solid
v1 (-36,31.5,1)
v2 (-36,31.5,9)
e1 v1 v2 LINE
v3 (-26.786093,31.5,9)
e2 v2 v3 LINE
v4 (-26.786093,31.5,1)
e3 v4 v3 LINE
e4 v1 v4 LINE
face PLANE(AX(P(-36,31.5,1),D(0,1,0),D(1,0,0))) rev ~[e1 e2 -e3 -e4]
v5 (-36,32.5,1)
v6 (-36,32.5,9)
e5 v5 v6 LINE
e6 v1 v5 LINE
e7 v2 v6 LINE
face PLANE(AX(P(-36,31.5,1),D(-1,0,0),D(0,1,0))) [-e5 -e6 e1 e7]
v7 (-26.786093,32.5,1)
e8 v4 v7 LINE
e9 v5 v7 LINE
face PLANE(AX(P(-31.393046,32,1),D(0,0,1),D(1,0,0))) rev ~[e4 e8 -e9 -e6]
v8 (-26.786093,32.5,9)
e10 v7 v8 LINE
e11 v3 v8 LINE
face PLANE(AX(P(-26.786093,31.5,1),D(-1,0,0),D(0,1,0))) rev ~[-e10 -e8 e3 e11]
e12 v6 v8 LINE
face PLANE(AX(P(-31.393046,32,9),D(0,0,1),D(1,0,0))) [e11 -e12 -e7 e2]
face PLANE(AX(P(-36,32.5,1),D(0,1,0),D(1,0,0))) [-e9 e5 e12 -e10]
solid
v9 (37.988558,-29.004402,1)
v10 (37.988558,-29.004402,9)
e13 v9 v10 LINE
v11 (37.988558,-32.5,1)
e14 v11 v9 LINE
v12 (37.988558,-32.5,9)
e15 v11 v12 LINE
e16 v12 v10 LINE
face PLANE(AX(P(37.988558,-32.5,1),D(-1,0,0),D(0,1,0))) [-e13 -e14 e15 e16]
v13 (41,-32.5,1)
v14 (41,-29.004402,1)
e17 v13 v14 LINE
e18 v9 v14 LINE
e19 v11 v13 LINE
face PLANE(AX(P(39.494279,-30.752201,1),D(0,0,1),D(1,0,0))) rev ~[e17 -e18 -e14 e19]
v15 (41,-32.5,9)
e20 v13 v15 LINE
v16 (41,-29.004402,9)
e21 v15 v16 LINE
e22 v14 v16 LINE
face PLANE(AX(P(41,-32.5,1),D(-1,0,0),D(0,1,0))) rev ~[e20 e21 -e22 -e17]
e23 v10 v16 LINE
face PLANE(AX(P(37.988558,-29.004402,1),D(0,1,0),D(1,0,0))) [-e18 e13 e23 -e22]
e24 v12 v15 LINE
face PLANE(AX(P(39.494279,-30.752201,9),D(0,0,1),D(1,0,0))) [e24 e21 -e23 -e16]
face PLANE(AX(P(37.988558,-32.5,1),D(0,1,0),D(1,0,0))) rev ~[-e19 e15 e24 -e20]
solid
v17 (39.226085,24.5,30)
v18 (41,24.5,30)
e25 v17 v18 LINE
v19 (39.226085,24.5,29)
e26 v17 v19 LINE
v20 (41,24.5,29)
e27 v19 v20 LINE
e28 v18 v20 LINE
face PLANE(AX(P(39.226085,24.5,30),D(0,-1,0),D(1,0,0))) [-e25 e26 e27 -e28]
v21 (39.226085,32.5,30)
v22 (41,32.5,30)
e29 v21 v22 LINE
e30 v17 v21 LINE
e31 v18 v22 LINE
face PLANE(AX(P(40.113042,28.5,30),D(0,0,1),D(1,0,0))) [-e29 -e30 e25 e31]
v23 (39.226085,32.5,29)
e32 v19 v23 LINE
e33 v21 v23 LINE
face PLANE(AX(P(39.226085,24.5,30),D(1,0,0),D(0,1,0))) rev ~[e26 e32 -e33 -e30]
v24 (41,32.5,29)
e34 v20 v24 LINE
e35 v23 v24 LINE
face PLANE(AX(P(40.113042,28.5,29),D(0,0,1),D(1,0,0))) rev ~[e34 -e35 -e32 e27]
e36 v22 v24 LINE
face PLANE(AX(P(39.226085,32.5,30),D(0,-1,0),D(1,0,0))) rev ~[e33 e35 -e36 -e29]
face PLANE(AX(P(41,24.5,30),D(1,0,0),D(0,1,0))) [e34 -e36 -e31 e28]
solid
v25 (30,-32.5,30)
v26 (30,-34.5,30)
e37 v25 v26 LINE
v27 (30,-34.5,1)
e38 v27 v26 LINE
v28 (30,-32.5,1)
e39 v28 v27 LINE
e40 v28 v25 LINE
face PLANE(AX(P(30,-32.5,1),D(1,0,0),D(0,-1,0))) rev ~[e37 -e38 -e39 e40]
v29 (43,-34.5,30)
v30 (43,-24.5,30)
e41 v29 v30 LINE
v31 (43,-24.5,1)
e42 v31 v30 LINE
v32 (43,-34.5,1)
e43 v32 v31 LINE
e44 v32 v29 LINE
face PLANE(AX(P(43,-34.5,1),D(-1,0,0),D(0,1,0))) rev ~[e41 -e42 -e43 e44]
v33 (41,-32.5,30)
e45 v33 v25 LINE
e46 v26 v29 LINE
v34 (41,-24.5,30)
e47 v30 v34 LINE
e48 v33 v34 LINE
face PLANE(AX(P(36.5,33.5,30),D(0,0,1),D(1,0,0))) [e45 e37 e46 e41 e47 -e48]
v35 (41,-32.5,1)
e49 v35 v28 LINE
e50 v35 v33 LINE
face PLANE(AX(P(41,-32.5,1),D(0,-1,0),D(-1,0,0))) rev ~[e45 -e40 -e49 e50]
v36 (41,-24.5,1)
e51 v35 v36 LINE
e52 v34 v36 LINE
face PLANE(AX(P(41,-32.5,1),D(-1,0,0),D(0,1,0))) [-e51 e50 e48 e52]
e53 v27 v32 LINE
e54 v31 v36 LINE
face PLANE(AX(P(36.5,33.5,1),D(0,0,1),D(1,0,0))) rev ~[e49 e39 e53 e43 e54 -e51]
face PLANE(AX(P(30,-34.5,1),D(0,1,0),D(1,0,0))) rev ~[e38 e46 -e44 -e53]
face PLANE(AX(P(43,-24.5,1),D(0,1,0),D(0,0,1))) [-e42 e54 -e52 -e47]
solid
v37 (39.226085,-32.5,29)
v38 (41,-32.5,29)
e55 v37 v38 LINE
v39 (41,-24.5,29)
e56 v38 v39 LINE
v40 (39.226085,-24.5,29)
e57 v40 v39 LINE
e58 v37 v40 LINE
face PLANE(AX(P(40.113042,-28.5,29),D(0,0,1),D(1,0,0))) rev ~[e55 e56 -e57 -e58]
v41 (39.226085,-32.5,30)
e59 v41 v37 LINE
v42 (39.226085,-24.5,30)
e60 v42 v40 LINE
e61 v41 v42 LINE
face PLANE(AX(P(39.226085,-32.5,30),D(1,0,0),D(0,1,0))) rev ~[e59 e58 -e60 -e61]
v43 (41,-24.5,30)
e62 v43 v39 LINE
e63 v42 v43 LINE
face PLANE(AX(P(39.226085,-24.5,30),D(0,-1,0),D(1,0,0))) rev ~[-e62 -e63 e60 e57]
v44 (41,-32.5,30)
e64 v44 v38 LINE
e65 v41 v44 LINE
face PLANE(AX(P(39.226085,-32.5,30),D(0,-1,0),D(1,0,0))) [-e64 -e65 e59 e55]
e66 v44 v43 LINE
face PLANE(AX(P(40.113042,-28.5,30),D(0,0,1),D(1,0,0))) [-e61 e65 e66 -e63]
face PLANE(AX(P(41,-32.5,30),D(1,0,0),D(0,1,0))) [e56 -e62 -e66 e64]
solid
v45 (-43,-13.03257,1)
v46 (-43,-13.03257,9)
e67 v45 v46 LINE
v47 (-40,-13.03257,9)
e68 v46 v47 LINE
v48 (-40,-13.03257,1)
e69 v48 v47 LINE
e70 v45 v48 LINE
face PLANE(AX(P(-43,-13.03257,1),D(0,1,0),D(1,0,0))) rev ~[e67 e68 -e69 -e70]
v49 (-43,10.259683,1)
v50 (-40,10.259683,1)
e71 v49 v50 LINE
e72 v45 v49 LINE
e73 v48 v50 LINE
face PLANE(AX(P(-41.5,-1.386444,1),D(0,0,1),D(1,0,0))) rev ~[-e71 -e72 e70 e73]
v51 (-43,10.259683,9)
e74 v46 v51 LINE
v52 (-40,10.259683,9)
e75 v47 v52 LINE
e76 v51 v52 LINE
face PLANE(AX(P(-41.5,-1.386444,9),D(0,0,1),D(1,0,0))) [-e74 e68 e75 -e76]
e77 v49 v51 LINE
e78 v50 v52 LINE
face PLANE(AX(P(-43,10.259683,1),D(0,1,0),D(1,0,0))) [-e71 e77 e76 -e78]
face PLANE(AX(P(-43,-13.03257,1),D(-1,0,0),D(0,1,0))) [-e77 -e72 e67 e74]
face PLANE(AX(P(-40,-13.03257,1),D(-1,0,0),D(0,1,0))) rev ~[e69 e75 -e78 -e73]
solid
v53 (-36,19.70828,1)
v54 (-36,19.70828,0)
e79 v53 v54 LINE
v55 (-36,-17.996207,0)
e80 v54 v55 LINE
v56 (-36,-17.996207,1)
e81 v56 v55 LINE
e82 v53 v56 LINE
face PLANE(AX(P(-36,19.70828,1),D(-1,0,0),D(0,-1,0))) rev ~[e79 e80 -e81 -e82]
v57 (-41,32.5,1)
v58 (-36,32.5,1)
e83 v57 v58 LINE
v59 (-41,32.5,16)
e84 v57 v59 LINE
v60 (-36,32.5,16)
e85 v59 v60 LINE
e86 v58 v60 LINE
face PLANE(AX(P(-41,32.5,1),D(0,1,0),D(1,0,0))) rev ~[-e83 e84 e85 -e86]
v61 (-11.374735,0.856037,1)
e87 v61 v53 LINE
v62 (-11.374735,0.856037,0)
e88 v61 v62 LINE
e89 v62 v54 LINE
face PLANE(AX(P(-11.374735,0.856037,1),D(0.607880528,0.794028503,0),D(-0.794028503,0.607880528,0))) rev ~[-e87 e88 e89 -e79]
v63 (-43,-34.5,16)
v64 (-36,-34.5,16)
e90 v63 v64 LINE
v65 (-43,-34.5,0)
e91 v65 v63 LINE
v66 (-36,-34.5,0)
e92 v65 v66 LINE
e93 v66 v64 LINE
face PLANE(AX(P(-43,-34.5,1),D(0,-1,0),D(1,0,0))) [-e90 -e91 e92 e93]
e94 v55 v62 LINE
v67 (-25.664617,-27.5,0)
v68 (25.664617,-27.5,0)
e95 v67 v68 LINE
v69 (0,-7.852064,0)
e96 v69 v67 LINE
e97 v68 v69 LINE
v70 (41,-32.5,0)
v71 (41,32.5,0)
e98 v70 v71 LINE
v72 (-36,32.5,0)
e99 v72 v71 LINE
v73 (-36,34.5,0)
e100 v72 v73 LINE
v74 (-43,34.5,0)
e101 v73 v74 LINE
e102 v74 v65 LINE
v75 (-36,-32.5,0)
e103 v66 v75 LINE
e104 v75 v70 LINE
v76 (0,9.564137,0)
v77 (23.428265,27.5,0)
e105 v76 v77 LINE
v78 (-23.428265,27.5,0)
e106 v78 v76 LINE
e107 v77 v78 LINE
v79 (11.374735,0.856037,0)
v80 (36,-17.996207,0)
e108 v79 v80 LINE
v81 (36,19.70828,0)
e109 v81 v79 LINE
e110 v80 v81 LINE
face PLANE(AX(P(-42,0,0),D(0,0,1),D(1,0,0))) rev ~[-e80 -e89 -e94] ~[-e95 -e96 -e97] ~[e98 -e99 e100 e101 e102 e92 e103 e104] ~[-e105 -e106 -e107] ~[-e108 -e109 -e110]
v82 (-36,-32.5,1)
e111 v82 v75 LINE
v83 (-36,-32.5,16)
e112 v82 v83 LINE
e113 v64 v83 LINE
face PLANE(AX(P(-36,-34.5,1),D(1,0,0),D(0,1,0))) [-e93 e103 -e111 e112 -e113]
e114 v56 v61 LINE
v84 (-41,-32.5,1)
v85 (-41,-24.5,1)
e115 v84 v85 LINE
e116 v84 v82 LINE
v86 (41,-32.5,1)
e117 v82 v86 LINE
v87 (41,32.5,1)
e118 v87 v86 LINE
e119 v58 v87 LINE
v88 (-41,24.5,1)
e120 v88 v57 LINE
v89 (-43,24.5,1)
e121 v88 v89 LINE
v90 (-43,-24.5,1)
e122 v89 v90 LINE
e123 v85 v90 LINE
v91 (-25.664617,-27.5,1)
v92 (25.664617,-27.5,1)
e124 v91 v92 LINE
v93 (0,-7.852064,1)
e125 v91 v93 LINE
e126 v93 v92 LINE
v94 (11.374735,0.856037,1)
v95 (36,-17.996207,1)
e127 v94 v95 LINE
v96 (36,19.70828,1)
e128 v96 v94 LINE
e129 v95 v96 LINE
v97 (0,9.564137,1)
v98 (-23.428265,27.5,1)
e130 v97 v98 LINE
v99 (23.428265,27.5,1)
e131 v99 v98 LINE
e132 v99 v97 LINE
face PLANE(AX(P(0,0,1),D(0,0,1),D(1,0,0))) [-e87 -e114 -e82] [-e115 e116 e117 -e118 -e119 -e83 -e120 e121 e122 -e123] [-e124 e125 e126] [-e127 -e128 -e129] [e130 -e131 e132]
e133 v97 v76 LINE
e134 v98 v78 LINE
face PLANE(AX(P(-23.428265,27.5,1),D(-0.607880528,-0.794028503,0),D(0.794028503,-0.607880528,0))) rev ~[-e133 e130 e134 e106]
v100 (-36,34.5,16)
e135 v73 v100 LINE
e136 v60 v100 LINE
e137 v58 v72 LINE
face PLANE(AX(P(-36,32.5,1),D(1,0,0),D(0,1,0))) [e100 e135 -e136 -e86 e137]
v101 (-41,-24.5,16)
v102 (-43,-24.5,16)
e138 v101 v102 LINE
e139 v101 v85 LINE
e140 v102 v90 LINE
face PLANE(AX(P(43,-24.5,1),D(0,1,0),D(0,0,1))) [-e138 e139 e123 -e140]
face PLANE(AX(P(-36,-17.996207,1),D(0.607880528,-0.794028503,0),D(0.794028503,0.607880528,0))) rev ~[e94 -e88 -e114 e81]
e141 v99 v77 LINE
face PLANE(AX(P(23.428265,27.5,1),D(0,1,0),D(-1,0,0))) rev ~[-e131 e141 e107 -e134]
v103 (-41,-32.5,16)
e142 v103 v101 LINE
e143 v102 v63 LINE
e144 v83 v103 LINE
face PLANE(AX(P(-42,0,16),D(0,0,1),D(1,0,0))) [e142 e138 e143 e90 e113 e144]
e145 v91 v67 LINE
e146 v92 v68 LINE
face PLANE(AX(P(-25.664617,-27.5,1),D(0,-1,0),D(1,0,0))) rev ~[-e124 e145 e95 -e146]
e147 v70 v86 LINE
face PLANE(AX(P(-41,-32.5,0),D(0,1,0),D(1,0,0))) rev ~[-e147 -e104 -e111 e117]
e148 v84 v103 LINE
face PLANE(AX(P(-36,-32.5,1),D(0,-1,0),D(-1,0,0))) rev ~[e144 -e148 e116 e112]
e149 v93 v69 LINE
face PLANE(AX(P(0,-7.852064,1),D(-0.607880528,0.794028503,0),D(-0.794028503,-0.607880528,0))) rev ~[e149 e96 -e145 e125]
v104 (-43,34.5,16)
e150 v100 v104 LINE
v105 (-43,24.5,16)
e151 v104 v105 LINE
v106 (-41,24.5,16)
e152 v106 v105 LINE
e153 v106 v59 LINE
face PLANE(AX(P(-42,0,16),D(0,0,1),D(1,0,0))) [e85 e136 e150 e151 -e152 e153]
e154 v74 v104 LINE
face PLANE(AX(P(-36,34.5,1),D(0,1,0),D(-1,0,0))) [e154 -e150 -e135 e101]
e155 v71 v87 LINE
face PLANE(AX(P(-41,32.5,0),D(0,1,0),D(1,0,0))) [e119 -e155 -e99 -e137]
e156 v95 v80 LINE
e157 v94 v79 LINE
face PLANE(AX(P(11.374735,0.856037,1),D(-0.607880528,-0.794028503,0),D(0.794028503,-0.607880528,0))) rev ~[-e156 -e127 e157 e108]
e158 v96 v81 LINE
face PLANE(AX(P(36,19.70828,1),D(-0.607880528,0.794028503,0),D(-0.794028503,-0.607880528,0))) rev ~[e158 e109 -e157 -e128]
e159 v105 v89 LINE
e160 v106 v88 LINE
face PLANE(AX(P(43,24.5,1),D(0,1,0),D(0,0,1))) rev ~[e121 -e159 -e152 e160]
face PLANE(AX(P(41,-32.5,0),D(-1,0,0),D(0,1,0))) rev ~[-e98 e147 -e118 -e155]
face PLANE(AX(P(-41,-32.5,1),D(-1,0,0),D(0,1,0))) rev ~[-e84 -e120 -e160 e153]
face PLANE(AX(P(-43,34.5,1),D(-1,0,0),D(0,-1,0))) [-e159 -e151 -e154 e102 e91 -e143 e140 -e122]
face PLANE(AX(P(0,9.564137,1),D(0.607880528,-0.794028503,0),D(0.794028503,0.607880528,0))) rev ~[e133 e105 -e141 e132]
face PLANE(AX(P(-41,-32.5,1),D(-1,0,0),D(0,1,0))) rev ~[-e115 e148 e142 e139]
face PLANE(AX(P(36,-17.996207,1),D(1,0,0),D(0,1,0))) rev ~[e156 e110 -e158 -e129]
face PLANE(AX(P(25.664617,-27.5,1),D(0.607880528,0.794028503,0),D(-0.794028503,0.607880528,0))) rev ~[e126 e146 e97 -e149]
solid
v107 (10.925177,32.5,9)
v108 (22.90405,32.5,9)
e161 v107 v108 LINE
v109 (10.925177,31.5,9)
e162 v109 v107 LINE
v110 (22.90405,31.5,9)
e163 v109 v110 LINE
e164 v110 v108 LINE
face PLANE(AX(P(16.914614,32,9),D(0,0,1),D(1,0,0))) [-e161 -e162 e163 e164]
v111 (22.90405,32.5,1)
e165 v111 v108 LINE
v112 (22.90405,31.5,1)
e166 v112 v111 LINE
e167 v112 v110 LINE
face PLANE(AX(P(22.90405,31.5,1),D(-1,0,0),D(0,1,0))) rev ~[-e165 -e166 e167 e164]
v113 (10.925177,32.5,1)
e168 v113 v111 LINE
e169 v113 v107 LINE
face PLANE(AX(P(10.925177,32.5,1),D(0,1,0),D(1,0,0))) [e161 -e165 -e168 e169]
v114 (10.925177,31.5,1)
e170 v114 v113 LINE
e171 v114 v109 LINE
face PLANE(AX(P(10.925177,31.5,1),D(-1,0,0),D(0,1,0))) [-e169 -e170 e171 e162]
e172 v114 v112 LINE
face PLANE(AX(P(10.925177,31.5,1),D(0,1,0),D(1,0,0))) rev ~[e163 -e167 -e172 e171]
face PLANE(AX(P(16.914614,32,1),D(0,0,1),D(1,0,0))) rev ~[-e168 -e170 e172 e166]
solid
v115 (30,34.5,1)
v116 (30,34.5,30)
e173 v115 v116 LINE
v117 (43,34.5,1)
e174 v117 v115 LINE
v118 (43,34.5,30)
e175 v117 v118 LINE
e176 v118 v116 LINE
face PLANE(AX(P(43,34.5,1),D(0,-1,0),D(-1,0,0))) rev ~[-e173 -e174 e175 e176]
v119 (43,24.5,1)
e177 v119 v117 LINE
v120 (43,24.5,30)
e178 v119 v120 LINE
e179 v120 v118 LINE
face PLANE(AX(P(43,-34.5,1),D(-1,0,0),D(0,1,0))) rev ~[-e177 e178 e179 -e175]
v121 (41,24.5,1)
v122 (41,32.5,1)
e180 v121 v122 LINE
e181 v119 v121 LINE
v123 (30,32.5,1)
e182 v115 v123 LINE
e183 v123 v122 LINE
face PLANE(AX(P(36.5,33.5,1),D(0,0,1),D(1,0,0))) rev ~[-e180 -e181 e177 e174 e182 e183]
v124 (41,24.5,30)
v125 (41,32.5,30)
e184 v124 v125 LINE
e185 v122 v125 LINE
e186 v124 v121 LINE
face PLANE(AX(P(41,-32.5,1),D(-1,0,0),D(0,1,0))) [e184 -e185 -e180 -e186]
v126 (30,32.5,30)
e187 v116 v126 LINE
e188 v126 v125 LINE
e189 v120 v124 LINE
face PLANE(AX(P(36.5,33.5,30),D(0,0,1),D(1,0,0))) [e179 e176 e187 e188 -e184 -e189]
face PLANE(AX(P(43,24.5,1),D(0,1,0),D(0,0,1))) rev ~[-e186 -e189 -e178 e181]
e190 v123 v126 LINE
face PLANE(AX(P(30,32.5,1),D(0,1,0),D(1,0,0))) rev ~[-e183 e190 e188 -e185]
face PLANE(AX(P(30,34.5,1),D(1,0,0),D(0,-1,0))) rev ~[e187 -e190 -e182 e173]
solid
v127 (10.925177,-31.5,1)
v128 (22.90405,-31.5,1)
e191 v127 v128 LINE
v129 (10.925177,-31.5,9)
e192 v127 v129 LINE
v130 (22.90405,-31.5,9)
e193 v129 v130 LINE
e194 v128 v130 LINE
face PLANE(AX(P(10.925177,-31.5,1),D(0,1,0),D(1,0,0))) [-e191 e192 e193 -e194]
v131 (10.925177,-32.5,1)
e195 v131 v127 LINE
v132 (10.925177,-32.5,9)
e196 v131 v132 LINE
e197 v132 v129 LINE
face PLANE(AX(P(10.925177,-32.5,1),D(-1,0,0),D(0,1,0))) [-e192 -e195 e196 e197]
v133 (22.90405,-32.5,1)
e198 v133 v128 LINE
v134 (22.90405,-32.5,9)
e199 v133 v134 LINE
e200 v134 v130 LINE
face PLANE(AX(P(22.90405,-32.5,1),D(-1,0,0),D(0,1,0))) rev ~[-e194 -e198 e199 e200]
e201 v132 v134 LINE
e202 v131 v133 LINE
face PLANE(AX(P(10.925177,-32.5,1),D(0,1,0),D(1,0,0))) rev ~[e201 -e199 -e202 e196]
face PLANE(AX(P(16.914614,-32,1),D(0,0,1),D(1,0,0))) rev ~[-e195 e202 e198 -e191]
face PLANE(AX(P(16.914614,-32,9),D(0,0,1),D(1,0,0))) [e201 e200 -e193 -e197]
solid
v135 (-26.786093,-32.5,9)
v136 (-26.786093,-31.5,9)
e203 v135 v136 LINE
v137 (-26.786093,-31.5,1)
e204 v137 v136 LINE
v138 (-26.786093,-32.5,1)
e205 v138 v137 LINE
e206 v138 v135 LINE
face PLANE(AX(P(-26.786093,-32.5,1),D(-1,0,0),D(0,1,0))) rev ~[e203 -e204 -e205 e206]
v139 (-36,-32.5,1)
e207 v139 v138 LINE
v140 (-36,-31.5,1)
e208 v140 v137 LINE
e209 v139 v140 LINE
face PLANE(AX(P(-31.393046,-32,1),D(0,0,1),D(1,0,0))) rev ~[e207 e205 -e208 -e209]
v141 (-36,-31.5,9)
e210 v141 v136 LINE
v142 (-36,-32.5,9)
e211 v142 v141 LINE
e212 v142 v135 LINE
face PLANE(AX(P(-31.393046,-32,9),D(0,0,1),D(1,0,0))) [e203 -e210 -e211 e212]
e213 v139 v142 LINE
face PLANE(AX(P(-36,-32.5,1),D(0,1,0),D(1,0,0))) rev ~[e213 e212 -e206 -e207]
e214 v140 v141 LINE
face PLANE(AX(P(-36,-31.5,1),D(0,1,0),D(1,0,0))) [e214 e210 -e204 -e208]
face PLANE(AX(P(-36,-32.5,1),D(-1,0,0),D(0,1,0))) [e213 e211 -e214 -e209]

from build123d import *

# Parameters (mm, degrees)
F0_W          = 82
F0_H          = 65
F1_DEPTH      = 1
F4_DEPTH      = 100
F2_W          = 2
F2_H          = 65
F5_DEPTH      = 15
F5_DEPTH_BACK = 1
F6_DEPTH      = 29
F7_W          = 49
F7_H          = 29
F8_DEPTH      = 86.001
F9_W          = 3
F9_H          = 23.2922537252
F10_DEPTH     = 8
F9_W_2        = 9.2139073312
F9_H_2        = 1
F9_W_3        = 11.9788721204
F9_W_4        = 3.0114415884
F9_H_3        = 3.4955975413
F11_W         = 1.7739150524
F11_H         = 8
F12_DEPTH     = 1


with BuildPart() as f1:
    # F0 (on Top) → F1 (new body)
    with BuildSketch(Plane.XY):
        Rectangle(F0_W, F0_H)
    extrude(amount=F1_DEPTH)

    # F3 (on face) → F4 (cut)
    with BuildSketch(Plane.XY.offset(1)):
        Polygon((-11.3747352852, 0.8560366094), (-36, 19.7082804236), (-36, -17.9962072049), align=None)
        Polygon((23.4282652494, 27.5), (-23.4282652494, 27.5), (0, 9.5641372289), align=None)
        Polygon((36, 19.7082804236), (11.3747352852, 0.8560366094), (36, -17.9962072049), align=None)
        Polygon((25.6646174119, -27.5), (0, -7.8520640102), (-25.6646174119, -27.5), align=None)
    extrude(amount=-F4_DEPTH, mode=Mode.SUBTRACT)

    # F2 (on face) → F5 (join, two sides)
    with BuildSketch(Plane.XY.offset(1)) as f5_sk:
        with Locations((-42, 0)):
            Rectangle(F2_W, F2_H)
        Polygon((-43, 32.5), (-41, 32.5), (-36, 32.5), (-36, 34.5), (-43, 34.5), align=None)
        Polygon((-36, -32.5), (-41, -32.5), (-43, -32.5), (-43, -34.5), (-36, -34.5), align=None)
    extrude(amount=F5_DEPTH)
    extrude(f5_sk.sketch, amount=-F5_DEPTH_BACK)


with BuildPart() as f6:
    # F2 (on face) → F6 (new body)
    with BuildSketch(Plane.XY.offset(1)):
        Polygon((30, 34.5), (30, 32.5), (41, 32.5), (43, 32.5), (43, 34.5), align=None)
        with Locations((42, 0)):
            Rectangle(F2_W, F2_H)
        Polygon((41, -32.5), (30, -32.5), (30, -34.5), (43, -34.5), (43, -32.5), align=None)
    extrude(amount=F6_DEPTH)


with BuildPart() as f8_tool:
    # F7 (on face) → F8 (new body, through all)
    with BuildSketch(Plane.YZ.offset(43)):
        with Locations((0, 15.5)):
            Rectangle(F7_W, F7_H)
    extrude(amount=-F8_DEPTH)


with BuildPart() as f1_1:
    add(f1.part)

    # F8: cut by f8_tool
    add(f8_tool.part, mode=Mode.SUBTRACT)


with BuildPart() as f6_1:
    add(f6.part)

    # F8: cut by f8_tool
    add(f8_tool.part, mode=Mode.SUBTRACT)


with BuildPart() as f10:
    # F9 (on face) → F10 (new body)
    with BuildSketch(Plane.XY.offset(1)):
        with Locations((-41.5, -1.3864436187)):
            Rectangle(F9_W, F9_H)
    extrude(amount=F10_DEPTH)


with BuildPart() as f10b:
    # F9 (on face) → F10, piece 2 (new body)
    with BuildSketch(Plane.XY.offset(1)):
        with Locations((-31.3930463344, 32)):
            Rectangle(F9_W_2, F9_H_2)
    extrude(amount=F10_DEPTH)


with BuildPart() as f10c:
    # F9 (on face) → F10, piece 3 (new body)
    with BuildSketch(Plane.XY.offset(1)):
        with Locations((16.9146135449, 32)):
            Rectangle(F9_W_3, F9_H_2)
    extrude(amount=F10_DEPTH)


with BuildPart() as f10d:
    # F9 (on face) → F10, piece 4 (new body)
    with BuildSketch(Plane.XY.offset(1)):
        with Locations((-31.3930463344, -32)):
            Rectangle(F9_W_2, F9_H_2)
    extrude(amount=F10_DEPTH)


with BuildPart() as f10e:
    # F9 (on face) → F10, piece 5 (new body)
    with BuildSketch(Plane.XY.offset(1)):
        with Locations((16.9146135449, -32)):
            Rectangle(F9_W_3, F9_H_2)
    extrude(amount=F10_DEPTH)


with BuildPart() as f10f:
    # F9 (on face) → F10, piece 6 (new body)
    with BuildSketch(Plane.XY.offset(1)):
        with Locations((39.4942792058, -30.7522012293)):
            Rectangle(F9_W_4, F9_H_3)
    extrude(amount=F10_DEPTH)


with BuildPart() as f12:
    # F11 (on face) → F12 (new body)
    with BuildSketch(Plane.XY.offset(30)):
        with Locations((40.1130424738, 28.5)):
            Rectangle(F11_W, F11_H)
    extrude(amount=-F12_DEPTH)


with BuildPart() as f12b:
    # F11 (on face) → F12, piece 2 (new body)
    with BuildSketch(Plane.XY.offset(30)):
        with Locations((40.1130424738, -28.5)):
            Rectangle(F11_W, F11_H)
    extrude(amount=-F12_DEPTH)


solid = Compound([f1_1.part, f6_1.part, f10.part, f10b.part, f10c.part, f10d.part, f10e.part, f10f.part, f12.part, f12b.part])
